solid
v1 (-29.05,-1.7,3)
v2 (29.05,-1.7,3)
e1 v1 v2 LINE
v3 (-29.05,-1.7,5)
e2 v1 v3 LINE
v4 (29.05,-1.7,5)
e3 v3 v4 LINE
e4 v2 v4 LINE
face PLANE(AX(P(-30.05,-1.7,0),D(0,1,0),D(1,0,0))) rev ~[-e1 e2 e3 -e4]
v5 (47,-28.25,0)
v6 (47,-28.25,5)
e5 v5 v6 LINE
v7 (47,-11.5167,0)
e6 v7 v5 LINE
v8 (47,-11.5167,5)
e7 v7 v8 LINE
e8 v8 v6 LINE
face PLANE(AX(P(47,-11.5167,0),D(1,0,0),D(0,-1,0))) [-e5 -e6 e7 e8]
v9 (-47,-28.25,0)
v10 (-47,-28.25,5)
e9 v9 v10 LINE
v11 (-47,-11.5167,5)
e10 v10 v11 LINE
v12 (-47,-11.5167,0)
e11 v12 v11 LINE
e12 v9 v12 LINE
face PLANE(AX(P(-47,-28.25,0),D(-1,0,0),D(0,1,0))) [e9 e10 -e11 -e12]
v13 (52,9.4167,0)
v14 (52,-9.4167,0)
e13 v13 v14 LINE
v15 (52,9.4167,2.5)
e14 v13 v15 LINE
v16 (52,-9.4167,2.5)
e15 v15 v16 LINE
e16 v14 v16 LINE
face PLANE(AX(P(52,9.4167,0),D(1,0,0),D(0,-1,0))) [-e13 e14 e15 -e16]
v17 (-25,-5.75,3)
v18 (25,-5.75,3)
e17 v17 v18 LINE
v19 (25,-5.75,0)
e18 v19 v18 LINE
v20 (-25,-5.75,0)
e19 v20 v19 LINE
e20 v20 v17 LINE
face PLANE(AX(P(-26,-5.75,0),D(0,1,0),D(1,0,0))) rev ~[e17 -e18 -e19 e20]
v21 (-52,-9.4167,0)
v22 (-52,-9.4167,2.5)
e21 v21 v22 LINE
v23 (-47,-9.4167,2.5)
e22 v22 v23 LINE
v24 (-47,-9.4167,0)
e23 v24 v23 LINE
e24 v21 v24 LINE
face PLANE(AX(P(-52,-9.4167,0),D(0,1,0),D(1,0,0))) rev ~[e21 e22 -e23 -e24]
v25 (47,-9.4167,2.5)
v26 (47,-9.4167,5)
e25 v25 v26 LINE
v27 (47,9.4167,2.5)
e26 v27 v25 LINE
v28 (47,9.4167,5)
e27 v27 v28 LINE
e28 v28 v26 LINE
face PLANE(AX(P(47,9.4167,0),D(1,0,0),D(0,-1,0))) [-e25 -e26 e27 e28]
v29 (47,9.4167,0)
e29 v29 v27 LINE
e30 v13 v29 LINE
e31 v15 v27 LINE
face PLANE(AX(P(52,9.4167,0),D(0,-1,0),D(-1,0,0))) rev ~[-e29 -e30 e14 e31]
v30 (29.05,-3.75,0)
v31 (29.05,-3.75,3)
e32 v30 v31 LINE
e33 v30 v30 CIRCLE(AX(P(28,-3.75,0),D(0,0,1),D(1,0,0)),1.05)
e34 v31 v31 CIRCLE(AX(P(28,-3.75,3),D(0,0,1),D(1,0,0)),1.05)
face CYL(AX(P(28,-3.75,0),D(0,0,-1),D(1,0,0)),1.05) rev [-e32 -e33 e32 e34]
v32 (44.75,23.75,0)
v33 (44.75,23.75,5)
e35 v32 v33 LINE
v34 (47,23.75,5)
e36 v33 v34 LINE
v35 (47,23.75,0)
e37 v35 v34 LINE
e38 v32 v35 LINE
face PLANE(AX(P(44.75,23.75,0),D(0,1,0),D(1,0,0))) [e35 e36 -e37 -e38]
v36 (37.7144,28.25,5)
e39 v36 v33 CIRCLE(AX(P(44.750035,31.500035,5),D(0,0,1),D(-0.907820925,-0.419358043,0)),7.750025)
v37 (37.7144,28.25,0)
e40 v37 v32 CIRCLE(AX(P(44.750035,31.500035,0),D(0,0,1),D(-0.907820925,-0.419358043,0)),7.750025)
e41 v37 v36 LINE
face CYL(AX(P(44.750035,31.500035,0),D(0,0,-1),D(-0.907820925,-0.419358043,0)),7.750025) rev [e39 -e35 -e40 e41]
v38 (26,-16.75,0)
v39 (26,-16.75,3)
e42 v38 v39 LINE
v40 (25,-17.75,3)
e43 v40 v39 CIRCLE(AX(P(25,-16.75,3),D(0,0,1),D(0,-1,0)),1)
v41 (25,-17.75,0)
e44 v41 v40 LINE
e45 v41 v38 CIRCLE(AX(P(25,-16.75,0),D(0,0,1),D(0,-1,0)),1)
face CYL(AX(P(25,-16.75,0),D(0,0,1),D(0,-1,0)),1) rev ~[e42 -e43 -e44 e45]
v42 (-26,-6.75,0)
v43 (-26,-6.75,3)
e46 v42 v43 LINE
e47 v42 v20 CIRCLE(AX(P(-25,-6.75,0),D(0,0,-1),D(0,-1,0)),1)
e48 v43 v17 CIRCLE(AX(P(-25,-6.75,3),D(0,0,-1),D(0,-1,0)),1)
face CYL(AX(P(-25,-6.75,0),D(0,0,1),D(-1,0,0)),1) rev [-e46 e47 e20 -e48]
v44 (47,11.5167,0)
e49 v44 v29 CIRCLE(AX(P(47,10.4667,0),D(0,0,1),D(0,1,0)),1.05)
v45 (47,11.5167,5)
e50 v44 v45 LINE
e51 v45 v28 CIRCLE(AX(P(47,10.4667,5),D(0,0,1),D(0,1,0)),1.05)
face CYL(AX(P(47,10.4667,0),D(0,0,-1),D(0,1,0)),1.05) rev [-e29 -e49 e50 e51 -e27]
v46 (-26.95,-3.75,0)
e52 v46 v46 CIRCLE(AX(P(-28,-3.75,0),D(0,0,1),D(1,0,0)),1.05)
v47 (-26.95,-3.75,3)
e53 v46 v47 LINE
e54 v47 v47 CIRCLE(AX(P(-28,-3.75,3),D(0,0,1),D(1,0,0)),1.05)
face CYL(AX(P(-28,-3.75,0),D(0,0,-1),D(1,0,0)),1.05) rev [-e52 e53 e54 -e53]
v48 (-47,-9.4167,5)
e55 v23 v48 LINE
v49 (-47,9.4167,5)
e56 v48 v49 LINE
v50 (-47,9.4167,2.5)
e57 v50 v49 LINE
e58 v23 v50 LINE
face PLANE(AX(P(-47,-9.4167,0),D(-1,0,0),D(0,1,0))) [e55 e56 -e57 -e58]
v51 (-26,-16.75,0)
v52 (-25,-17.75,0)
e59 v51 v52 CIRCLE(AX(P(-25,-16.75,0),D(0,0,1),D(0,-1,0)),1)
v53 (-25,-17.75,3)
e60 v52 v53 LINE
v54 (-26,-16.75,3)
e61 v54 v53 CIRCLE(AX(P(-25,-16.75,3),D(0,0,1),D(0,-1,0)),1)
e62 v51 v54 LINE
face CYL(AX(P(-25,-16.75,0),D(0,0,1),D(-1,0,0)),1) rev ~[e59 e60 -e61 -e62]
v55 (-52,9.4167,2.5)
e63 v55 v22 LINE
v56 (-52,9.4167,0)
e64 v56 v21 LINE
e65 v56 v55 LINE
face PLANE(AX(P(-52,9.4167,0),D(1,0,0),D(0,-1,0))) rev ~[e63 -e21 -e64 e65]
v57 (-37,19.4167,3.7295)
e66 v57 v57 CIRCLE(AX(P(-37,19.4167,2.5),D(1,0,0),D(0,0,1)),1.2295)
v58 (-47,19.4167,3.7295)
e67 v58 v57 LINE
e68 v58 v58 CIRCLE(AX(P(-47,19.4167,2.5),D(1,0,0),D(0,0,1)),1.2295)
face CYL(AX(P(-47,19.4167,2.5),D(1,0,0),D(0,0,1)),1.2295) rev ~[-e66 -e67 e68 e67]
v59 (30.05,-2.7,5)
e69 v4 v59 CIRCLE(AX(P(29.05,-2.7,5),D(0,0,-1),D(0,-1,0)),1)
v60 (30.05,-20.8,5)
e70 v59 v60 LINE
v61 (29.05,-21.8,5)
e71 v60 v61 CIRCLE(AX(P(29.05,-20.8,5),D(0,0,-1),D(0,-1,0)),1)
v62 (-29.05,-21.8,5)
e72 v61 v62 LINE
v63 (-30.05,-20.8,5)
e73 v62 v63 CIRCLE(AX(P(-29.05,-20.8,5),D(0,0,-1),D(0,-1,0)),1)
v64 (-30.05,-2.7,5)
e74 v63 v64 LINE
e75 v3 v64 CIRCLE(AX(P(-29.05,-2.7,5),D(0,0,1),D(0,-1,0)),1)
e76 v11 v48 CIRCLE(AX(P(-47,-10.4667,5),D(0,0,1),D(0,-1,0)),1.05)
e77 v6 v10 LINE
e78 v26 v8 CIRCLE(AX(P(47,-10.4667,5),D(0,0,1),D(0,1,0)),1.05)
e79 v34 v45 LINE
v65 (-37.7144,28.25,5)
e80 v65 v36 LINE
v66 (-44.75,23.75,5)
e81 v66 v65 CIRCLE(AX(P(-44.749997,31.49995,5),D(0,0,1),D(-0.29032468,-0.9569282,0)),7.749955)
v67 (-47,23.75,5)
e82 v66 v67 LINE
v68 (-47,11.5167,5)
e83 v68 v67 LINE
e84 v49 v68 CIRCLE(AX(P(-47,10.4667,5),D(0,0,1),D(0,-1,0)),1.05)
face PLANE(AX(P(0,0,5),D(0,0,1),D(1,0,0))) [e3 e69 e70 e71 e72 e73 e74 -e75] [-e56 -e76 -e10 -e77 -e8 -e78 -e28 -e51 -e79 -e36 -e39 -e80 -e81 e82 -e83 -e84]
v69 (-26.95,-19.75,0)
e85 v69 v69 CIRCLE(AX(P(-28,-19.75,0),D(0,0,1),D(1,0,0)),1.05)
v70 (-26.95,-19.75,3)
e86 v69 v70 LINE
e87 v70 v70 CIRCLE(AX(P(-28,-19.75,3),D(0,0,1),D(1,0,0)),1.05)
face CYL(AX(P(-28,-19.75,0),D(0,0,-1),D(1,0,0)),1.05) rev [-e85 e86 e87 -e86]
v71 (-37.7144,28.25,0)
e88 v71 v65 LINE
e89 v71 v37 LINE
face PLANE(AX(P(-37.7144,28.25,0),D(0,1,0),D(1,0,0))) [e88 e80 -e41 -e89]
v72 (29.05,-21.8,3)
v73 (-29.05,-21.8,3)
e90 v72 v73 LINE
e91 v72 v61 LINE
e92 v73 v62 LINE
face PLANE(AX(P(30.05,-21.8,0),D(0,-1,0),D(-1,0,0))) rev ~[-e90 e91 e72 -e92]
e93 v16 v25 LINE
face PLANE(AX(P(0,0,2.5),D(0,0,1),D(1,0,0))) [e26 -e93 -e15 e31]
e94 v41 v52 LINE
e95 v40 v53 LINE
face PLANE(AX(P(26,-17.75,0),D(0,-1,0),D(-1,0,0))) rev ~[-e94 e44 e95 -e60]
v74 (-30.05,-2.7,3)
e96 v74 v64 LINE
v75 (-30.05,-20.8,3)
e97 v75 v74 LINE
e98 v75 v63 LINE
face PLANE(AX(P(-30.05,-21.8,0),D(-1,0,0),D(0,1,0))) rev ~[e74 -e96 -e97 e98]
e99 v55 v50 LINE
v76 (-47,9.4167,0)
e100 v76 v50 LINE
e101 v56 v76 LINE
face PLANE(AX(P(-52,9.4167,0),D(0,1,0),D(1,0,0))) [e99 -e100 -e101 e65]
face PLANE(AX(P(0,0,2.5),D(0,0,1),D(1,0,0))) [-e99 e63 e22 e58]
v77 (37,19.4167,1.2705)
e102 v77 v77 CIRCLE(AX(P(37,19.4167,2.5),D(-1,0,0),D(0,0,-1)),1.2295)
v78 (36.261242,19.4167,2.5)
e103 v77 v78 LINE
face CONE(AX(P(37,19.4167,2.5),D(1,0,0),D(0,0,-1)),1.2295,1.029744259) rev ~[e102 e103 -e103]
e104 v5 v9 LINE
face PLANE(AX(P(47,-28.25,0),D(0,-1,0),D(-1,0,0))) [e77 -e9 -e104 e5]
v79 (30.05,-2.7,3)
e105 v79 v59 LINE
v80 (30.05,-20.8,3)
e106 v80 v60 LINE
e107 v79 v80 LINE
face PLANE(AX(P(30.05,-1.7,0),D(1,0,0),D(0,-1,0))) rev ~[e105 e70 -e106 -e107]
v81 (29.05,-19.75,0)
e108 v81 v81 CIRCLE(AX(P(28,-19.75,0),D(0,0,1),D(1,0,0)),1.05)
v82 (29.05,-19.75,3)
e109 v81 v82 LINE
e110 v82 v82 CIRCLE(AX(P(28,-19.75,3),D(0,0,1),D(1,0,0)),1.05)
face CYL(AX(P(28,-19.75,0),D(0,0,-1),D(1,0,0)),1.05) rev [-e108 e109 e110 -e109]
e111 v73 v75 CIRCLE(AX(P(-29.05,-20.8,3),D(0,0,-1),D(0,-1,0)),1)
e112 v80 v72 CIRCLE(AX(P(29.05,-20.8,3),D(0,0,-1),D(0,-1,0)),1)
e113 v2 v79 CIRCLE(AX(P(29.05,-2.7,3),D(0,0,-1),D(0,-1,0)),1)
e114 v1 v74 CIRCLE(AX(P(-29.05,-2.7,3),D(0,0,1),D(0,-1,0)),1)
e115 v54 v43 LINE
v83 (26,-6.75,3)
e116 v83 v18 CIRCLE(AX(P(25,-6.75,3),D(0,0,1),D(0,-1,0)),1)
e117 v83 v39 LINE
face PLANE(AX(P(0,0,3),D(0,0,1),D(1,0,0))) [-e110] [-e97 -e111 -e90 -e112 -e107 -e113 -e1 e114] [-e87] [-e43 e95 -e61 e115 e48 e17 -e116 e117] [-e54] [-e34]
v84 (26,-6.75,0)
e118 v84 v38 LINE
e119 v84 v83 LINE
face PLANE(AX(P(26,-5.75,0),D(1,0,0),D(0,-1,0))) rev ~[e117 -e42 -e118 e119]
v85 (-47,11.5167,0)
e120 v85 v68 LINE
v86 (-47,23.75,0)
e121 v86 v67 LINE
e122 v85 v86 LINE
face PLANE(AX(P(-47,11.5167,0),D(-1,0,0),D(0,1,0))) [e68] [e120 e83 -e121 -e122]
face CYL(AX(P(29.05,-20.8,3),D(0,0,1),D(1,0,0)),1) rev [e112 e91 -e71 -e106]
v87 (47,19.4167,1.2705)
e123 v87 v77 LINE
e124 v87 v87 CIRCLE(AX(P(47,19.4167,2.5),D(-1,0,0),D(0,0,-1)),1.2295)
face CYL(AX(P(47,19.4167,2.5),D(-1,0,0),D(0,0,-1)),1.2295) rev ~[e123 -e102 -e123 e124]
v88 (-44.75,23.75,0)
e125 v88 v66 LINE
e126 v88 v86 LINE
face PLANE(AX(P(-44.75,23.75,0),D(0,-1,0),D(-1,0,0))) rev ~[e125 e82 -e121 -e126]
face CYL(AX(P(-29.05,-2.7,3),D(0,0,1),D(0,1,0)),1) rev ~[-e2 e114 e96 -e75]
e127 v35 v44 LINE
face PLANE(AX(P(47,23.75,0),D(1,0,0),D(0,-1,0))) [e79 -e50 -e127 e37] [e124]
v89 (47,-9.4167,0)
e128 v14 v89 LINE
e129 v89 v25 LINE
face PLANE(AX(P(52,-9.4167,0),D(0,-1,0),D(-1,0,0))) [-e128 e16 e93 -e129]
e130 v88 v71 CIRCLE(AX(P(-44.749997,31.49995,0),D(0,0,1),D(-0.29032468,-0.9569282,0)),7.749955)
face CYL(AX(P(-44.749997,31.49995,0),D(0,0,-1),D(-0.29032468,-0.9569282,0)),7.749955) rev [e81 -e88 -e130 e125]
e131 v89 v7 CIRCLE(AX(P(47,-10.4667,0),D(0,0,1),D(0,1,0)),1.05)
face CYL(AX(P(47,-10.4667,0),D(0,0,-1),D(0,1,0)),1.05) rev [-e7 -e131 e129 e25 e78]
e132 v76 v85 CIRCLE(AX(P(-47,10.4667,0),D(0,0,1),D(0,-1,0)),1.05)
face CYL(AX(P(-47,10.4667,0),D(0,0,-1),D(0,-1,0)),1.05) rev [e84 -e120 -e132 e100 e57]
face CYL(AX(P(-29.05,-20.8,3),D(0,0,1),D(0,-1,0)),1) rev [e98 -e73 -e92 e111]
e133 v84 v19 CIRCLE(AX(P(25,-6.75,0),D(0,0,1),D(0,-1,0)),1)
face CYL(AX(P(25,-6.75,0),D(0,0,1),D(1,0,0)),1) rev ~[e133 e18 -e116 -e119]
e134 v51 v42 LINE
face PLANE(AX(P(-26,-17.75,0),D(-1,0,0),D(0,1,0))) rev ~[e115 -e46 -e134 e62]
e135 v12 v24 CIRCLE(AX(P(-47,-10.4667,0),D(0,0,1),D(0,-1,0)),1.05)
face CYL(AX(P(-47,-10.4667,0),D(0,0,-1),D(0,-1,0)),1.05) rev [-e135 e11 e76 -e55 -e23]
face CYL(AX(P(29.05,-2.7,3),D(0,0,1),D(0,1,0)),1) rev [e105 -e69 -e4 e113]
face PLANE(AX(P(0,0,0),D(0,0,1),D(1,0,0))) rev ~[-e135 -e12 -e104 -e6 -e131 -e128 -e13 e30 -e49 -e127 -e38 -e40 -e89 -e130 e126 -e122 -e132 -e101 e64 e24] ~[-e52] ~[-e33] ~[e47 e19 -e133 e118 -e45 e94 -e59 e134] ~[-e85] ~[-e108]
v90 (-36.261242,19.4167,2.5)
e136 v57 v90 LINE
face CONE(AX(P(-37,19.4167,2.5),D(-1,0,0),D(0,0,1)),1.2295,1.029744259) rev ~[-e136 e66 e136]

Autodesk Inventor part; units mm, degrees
ref_plane "YZ Plane" through (0, 0, 0) normal (1, 0, 0) x (0, 1, 0)
ref_plane "XZ Plane" through (0, 0, 0) normal (0, 1, 0) x (-1, 0, 0)
ref_plane "XY Plane" through (0, 0, 0) normal (0, 0, 1) x (1, 0, 0)
sketch "スケッチ1" plane through (0, 0, 0) normal (0, 0, 1) x (1, 0, 0)
  line L0 (-47, 28.25) -> (-37.7144, 28.25)
  line L1 (47, 28.25) -> (47, 23.75)
  line L2 (47, -28.25) -> (-47, -28.25)
  line L3 (-47, -28.25) -> (-47, -11.5167)
  line L4 (-47, 28.25) -> (47, -28.25) construction
  line L5 (47, 28.25) -> (-47, -28.25) construction
  line L6 (0, 28.25) -> (0, -28.25) construction
  line L7 (-52, 9.4167) -> (-52, -9.4167)
  line L8 (-52, 9.4167) -> (-47, 9.4167)
  arc A0 (-47, 9.4167) -> (-47, 11.5167) centre (-47, 10.4667) ccw
  line L9 (-47, 11.5167) -> (-47, 23.75)
  line L10 (-47, -11.5167) -> (-47, 11.5167)
  line L11 (52, 9.4167) -> (52, -9.4167)
  line L12 (52, 9.4167) -> (47, 9.4167)
  arc A1 (47, 11.5167) -> (47, 9.4167) centre (47, 10.4667) ccw
  line L13 (47, 11.5167) -> (47, -11.5167)
  line L14 (47, -11.5167) -> (47, -28.25)
  line L15 (-52, 0) -> (52, 0) construction
  line L16 (-52, -9.4167) -> (-47, -9.4167)
  arc A2 (-47, -11.5167) -> (-47, -9.4167) centre (-47, -10.4667) ccw
  arc A3 (47, -9.4167) -> (47, -11.5167) centre (47, -10.4667) ccw
  line L17 (52, -9.4167) -> (47, -9.4167)
  arc A4 (-47, 24.0838) -> (-37.7144, 28.25) centre (-44.75, 31.5) ccw
  arc A5 (37.7144, 28.25) -> (47, 24.0838) centre (44.75, 31.5) ccw
  line L18 (-47, 24.0838) -> (-47, 28.25)
  line L19 (-37.7144, 28.25) -> (47, 28.25)
  arc A6 (-37.7144, 28.25) -> (-47, 24.0838) centre (-44.75, 31.5) ccw
  arc A7 (47, 24.0838) -> (37.7144, 28.25) centre (44.75, 31.5) ccw
  line L20 (-44.75, 23.75) -> (-47, 23.75)
  line L21 (44.75, 23.75) -> (47, 23.75)
  line L22 (-47, 23.75) -> (-47, 24.0838)
  line L23 (47, 23.75) -> (47, 11.5167)
  line L24 (-30, -1.75) -> (30, -1.75) construction
  line L25 (30, -1.75) -> (30, -21.75) construction
  line L26 (30, -21.75) -> (-30, -21.75) construction
  line L27 (-30, -21.75) -> (-30, -1.75) construction
  line L28 (-30, -1.75) -> (30, -21.75) construction
  line L29 (30, -1.75) -> (-30, -21.75) construction
  circle A8 centre (-28, -3.75) radius 1.05
  line L30 (30, -11.75) -> (-30, -11.75) construction
  circle A9 centre (-28, -19.75) radius 1.05
  circle A10 centre (28, -3.75) radius 1.05
  circle A11 centre (28, -19.75) radius 1.05
  line L31 (-30.05, -1.7) -> (30.05, -1.7)
  line L32 (30.05, -1.7) -> (30.05, -21.8)
  line L33 (30.05, -21.8) -> (-30.05, -21.8)
  line L34 (-30.05, -21.8) -> (-30.05, -1.7)
  line L35 (-30.05, -1.7) -> (30.05, -21.8) construction
  line L36 (30.05, -1.7) -> (-30.05, -21.8) construction
  line L37 (-26, -5.75) -> (26, -5.75)
  line L38 (26, -5.75) -> (26, -17.75)
  line L39 (26, -17.75) -> (-26, -17.75)
  line L40 (-26, -17.75) -> (-26, -5.75)
  line L41 (-26, -5.75) -> (26, -17.75) construction
  line L42 (26, -5.75) -> (-26, -17.75) construction
  point P0 (0, 0)
  point P1 (0, 0)
  point P2 (0, 0)
  point P3 (0, 0)
  point P4 (47, 9.4167)
  point P5 (47, 9.4167)
  point P6 (0, -11.75)
  dimension "d0" = 94
  dimension "d1" = 56.5
  dimension "d10" = 1.05
  dimension "d11" = 5
  dimension "d34" = 18.8333
  dimension "d40" = 31.5
  dimension "d41" = 89.5
  dimension "d42" = 15.5
  dimension "d43" = 52
  dimension "d69" = 60
  dimension "d70" = 20
  dimension "d71" = 2
  dimension "d72" = 2
  dimension "d73" = 2.1
  dimension "d74" = 30
  dimension "d75" = 0.05
  dimension "d76" = 0.05
  dimension "d80" = 4
  dimension "d81" = 4
extrude "押し出し1" add sketch "スケッチ1" along normal blind 5 contours L19 A5 L21 L23 A1 L13 A3 L14 L2 L3 A2 L10 A0 L9 L20 A4
extrude "押し出し2" add sketch "スケッチ1" along normal blind 2.5 contours L10 L16 L7 L8 | L12 L11 L17 L13
sketch "スケッチ2" plane through (47, 11.5167, 0) normal (1, 0, 0) x (0, 0, -1)
  line L0 (0, -23.0333) -> (-5, -23.0333) projected
  line L1 (-2.5, -23.0333) -> (-2.5, -39.7667)
  line L2 (0, -39.7667) -> (-5, -39.7667) projected
  line L3 (0, -2.1) -> (-2.5, -2.1) projected
  line L4 (0, -20.9333) -> (-2.5, -20.9333) projected
  point P0 (0, -11.5167)
  point P1 (-2.5, 7.9)
  dimension "d67" = 10
hole "穴1" at (47, 19.4167, 2.5) direction (-1, 0, 0) diameter 2.459 depth 10 tip angle 118 thread size "M3x0.5" class "6H" standard "ANSI Metric M Profile"
sketch "スケッチ3" plane through (-47, 11.5167, 0) normal (-1, 0, 0) x (0, 0, 1)
  circle A0 centre (2.5, 7.9) radius 1.2295 projected
  circle A1 centre (2.5, -30.9333) radius 1.2295 projected
  point P0 (0, -11.5167)
  point P1 (2.5, 7.9)
hole "穴2" at (-47, 19.4167, 2.5) direction (1, 0, 0) diameter 2.459 depth 10 tip angle 118 thread size "M3x0.5" class "6H" standard "ANSI Metric M Profile"
extrude "押し出し3" add sketch "スケッチ1" along normal blind 3 contours L31 L32 L33 L34
fillet "フィレット1" radius 1 8 edges at (-30.05, -1.7, 4) (-30.05, -21.8, 4) (30.05, -21.8, 4) (30.05, -1.7, 4) (-26, -5.75, 1.5) (-26, -17.75, 1.5) (26, -5.75, 1.5) (26, -17.75, 1.5)
equation "\"d10\" = d4"
equation "\"d4\" = 1.05"
properties part number "Cockpit_horizontal_frame_05" material "アセタール樹脂、黒"
